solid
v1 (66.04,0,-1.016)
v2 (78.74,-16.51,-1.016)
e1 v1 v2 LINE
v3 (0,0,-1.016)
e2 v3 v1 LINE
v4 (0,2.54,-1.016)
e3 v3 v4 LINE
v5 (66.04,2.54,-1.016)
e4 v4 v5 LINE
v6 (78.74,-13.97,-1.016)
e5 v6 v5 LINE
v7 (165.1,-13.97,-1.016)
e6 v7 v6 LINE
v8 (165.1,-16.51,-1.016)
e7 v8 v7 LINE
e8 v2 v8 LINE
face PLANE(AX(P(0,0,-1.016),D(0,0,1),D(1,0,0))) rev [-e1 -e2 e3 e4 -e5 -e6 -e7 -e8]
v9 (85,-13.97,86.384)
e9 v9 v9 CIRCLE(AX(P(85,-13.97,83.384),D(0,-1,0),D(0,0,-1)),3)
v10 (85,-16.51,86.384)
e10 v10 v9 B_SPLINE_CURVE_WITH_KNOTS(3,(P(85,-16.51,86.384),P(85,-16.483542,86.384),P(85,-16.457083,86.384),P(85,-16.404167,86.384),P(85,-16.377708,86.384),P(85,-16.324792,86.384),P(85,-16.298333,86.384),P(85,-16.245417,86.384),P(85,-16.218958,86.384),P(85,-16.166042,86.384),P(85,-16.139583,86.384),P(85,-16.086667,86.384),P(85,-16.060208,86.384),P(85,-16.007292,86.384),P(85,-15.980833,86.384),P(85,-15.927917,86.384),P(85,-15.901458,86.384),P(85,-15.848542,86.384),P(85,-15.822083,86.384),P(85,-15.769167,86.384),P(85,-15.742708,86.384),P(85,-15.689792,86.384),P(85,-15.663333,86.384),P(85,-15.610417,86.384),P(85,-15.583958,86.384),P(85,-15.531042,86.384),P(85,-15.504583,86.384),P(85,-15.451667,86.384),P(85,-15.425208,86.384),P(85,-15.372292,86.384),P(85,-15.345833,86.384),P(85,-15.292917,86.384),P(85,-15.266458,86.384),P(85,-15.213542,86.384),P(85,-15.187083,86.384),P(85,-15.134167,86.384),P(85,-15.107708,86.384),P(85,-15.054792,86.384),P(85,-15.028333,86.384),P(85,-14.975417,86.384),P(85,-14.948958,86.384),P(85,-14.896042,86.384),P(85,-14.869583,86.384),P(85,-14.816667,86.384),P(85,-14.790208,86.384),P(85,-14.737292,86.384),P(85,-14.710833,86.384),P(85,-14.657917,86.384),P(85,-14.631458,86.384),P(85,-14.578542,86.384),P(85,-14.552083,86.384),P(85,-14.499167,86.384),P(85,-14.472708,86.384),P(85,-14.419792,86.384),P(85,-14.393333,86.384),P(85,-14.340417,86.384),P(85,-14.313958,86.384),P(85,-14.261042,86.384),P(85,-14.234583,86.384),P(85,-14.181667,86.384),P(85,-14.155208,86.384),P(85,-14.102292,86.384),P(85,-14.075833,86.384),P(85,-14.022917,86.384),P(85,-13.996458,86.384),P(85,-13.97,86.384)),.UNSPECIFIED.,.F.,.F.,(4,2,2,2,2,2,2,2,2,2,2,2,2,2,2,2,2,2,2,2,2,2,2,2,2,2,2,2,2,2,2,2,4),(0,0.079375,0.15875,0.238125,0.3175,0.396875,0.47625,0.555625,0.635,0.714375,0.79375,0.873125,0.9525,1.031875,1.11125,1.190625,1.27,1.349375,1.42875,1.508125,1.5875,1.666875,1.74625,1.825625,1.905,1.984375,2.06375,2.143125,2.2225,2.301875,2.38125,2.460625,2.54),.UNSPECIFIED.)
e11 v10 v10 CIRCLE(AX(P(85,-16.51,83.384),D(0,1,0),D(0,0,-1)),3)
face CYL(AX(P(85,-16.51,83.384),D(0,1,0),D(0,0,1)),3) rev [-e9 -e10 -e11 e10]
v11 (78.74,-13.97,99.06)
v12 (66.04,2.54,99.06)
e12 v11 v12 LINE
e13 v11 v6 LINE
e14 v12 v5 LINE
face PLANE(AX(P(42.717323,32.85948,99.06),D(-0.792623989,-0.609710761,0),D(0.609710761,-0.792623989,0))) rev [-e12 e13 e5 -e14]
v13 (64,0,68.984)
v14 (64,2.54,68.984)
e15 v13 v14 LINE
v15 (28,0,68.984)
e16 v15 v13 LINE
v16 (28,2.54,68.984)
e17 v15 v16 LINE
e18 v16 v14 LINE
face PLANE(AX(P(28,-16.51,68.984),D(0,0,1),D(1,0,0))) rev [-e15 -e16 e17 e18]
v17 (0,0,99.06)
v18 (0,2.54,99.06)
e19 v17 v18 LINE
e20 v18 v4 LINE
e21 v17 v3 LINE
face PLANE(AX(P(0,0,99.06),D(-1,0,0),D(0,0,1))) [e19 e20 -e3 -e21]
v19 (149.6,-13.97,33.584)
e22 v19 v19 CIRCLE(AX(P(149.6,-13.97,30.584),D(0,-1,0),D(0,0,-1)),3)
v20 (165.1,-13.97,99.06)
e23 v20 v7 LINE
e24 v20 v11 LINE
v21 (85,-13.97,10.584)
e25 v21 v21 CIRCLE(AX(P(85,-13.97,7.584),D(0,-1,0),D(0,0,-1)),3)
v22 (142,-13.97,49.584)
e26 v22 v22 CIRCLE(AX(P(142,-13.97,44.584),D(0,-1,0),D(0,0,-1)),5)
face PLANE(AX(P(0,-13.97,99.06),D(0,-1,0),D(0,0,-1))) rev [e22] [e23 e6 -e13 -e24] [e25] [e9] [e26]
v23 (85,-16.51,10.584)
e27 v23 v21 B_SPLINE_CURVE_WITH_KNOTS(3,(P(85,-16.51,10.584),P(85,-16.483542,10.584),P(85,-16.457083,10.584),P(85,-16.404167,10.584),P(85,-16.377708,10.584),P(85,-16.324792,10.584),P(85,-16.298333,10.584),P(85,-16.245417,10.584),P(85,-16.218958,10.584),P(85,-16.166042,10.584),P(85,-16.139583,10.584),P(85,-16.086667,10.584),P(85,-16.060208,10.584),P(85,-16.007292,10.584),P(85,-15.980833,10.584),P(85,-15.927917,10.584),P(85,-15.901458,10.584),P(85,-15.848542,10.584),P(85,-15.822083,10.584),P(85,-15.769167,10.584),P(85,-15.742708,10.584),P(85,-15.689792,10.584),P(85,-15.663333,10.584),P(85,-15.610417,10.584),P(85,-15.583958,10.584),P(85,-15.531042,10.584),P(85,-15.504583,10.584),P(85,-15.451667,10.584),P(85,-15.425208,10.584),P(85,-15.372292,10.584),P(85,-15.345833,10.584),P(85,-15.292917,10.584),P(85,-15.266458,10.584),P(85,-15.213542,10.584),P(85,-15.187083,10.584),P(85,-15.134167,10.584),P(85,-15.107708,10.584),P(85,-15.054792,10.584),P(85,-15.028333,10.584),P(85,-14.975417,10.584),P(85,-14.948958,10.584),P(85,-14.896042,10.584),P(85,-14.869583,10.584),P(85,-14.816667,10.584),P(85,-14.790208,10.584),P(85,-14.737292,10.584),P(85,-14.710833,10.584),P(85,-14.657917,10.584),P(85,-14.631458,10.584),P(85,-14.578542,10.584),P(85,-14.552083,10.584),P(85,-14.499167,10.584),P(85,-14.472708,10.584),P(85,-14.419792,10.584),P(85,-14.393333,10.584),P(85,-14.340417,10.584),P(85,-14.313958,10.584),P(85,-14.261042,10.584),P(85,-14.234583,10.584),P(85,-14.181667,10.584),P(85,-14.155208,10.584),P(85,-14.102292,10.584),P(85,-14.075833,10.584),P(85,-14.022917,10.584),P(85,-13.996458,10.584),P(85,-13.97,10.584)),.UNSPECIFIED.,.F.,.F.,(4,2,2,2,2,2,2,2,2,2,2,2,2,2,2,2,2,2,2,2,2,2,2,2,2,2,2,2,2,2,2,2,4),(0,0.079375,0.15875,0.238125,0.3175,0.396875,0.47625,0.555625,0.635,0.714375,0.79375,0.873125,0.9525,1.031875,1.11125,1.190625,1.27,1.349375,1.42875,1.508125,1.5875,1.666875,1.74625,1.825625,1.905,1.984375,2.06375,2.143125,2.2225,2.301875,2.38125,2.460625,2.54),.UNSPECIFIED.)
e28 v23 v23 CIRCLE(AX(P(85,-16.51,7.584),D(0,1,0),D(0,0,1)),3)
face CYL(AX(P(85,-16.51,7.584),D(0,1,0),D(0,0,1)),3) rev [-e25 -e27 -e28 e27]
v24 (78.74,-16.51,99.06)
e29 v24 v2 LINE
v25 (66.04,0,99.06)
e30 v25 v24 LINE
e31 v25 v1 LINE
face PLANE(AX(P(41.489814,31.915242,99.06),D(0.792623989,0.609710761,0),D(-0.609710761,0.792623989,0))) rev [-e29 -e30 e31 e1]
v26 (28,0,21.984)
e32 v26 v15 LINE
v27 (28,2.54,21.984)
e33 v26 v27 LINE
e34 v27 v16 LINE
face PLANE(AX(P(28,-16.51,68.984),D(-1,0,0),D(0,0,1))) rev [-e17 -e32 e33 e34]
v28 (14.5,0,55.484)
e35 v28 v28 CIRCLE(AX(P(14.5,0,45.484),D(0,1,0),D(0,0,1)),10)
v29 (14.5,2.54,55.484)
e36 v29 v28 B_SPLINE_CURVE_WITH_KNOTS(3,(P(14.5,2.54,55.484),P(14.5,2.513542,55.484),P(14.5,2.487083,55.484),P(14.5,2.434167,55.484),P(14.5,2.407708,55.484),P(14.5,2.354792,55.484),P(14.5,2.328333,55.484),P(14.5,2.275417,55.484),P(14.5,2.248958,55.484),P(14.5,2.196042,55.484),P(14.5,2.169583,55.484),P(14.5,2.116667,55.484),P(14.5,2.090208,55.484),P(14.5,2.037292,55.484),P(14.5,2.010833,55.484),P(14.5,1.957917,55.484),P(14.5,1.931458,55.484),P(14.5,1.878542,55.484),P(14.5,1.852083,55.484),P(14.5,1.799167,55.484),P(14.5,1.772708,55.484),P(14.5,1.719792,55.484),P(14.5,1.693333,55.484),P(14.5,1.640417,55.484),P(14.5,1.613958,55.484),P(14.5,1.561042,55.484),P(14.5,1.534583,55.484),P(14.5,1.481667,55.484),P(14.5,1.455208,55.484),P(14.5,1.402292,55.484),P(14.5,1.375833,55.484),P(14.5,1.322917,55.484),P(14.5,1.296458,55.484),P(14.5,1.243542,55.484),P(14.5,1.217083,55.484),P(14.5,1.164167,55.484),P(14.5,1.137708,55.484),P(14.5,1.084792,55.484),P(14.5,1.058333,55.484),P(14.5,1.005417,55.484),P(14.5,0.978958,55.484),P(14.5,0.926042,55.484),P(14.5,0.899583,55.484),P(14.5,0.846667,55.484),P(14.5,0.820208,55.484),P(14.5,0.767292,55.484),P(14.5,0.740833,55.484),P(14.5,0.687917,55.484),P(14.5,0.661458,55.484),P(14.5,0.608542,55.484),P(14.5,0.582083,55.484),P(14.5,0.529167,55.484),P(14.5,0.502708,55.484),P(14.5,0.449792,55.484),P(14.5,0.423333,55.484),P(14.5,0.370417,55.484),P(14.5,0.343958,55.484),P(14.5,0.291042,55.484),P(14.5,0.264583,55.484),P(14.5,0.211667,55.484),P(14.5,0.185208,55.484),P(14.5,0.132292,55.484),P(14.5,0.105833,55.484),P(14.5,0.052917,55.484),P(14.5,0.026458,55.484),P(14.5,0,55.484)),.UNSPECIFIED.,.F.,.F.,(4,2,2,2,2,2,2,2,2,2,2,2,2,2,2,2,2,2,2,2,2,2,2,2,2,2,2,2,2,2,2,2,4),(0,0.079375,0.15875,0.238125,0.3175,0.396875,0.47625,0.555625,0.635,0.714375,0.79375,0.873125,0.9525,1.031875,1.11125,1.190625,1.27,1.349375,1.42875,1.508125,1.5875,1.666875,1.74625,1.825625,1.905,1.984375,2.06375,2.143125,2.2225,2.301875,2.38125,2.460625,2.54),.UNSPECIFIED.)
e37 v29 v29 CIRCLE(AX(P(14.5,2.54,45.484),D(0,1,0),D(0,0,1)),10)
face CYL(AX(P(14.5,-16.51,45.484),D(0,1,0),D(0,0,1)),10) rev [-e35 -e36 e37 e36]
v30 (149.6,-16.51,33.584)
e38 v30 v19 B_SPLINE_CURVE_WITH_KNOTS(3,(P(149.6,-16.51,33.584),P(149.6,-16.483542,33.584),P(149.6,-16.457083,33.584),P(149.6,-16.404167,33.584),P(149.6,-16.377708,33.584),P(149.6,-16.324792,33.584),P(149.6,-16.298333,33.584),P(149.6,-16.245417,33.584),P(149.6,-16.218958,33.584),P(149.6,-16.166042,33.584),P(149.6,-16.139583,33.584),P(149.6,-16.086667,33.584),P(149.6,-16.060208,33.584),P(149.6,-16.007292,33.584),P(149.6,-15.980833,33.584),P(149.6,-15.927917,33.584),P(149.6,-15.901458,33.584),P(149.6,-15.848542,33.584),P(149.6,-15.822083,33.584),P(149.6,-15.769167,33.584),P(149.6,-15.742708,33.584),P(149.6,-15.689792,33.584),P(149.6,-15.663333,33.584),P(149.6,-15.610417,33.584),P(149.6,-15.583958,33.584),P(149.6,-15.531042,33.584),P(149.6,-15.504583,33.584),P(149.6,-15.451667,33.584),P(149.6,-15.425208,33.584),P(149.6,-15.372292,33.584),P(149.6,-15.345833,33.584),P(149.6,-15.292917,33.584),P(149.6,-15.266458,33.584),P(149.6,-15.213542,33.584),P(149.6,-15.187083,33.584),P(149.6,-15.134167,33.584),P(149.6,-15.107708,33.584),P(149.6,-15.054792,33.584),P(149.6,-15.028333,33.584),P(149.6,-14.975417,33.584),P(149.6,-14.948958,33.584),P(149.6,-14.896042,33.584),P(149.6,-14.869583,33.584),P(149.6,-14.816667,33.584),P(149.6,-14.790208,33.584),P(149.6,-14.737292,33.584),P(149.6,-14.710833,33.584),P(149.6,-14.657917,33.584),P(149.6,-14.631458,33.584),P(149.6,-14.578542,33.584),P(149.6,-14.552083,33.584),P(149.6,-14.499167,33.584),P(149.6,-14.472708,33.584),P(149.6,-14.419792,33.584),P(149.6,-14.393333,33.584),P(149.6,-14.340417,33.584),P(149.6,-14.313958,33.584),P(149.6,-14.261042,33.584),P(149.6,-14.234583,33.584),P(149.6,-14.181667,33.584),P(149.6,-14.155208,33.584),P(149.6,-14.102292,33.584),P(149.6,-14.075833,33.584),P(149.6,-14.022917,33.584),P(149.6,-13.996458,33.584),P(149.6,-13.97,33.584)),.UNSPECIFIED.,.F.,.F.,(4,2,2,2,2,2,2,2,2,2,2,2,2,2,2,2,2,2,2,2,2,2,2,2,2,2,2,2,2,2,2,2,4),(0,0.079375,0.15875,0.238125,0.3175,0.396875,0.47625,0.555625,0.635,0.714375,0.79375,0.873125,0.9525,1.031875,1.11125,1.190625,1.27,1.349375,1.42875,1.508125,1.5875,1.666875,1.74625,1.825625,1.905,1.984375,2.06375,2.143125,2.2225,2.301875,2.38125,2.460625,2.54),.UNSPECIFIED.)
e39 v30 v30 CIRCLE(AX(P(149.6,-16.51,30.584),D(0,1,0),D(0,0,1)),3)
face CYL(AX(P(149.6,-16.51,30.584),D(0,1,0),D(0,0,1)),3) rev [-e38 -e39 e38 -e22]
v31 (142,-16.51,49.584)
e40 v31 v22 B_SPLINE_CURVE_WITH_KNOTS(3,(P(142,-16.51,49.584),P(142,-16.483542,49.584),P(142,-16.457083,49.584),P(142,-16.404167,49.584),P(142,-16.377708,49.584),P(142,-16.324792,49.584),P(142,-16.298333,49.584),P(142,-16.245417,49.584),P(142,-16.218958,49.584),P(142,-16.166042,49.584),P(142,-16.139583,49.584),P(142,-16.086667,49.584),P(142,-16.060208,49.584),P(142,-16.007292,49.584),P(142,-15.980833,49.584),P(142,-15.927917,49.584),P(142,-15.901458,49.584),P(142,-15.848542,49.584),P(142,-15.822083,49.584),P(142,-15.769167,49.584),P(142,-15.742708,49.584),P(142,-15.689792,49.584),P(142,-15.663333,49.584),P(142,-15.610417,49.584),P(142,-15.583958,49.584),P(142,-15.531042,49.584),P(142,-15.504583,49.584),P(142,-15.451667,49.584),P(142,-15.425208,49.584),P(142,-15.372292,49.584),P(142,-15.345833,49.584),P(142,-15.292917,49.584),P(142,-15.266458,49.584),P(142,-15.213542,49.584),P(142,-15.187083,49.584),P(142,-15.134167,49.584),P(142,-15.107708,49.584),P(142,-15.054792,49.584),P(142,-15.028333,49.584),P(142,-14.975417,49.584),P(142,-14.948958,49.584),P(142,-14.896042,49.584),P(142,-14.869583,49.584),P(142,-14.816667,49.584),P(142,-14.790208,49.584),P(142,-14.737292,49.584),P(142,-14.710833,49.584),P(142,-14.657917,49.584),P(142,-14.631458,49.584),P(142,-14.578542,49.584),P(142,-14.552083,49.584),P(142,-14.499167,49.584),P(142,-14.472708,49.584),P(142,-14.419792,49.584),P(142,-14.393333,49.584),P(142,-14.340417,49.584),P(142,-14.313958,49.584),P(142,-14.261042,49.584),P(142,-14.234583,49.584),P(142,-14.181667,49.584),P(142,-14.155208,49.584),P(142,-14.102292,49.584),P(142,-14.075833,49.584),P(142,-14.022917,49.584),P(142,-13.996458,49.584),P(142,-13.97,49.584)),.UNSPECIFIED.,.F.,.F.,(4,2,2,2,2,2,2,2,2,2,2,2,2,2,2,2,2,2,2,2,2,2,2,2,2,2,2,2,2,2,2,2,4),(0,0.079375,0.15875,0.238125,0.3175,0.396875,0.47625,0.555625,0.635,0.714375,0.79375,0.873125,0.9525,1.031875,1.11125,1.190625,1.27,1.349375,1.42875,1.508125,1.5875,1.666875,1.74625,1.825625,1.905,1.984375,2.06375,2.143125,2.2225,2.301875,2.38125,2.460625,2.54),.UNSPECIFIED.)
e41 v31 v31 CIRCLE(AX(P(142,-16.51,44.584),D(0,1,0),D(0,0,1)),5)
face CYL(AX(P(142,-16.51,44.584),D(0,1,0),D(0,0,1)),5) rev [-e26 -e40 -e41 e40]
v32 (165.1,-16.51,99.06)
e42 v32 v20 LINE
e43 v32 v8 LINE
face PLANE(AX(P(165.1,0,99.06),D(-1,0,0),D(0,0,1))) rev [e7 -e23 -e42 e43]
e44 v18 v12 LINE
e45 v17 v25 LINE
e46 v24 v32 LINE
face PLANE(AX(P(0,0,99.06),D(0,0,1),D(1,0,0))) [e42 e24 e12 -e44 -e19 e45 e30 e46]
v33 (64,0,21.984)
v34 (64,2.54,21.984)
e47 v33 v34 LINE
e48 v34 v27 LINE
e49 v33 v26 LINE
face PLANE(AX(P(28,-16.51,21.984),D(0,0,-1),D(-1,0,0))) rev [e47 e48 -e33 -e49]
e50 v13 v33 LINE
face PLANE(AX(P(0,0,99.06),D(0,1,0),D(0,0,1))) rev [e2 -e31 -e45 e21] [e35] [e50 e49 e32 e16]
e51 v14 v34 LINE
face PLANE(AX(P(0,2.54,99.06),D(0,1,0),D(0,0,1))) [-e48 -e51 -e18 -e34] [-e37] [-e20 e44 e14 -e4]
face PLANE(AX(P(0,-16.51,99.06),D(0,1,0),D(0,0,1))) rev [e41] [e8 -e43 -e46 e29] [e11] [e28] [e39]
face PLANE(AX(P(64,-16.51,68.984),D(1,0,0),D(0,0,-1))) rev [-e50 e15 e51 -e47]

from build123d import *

# Parameters (mm, degrees)
BOSS_EXTRUDE1_DEPTH      = 99.06
BOSS_EXTRUDE1_DEPTH_BACK = 1.016
SKETCH2_R                = 3
SKETCH2_R_2              = 10
SKETCH2_R_3              = 5
SKETCH2_W                = 36
SKETCH2_H                = 47
CUT_EXTRUDE1_DEPTH       = 194.478154064


with BuildPart() as part:
    # Sketch1 → Boss-Extrude1 (new, two sides: drawn at the far end of the back side and taken through both)
    with BuildSketch(Plane.XY.offset(-BOSS_EXTRUDE1_DEPTH_BACK)):
        Polygon((165.1, -13.97), (78.74, -13.97), (66.04, 2.54), (0, 2.54), (0, 0), (66.04, 0), (78.74, -16.51), (165.1, -16.51), align=None)
    extrude(amount=BOSS_EXTRUDE1_DEPTH + BOSS_EXTRUDE1_DEPTH_BACK)

    # Sketch2 → Cut-Extrude1 (cut, through all)
    with BuildSketch(Plane(origin=(0, 2.54, 0), x_dir=(1, 0, 0), z_dir=(0, 1, 0))):
        with Locations(Location((85, -7.584, 0), (0, 0, 270))):
            Circle(SKETCH2_R)
        with Locations(Location((85, -83.384, 0), (0, 0, 270))):
            Circle(SKETCH2_R)
        with Locations(Location((149.6, -30.584, 0), (0, 0, 270))):
            Circle(SKETCH2_R)
        with Locations(Location((14.5, -45.484, 0), (0, 0, 270))):
            Circle(SKETCH2_R_2)
        with Locations(Location((142, -44.584, 0), (0, 0, 270))):
            Circle(SKETCH2_R_3)
        with Locations((46, -45.484)):
            Rectangle(SKETCH2_W, SKETCH2_H)
    extrude(amount=-CUT_EXTRUDE1_DEPTH, mode=Mode.SUBTRACT)


solid = part.part
